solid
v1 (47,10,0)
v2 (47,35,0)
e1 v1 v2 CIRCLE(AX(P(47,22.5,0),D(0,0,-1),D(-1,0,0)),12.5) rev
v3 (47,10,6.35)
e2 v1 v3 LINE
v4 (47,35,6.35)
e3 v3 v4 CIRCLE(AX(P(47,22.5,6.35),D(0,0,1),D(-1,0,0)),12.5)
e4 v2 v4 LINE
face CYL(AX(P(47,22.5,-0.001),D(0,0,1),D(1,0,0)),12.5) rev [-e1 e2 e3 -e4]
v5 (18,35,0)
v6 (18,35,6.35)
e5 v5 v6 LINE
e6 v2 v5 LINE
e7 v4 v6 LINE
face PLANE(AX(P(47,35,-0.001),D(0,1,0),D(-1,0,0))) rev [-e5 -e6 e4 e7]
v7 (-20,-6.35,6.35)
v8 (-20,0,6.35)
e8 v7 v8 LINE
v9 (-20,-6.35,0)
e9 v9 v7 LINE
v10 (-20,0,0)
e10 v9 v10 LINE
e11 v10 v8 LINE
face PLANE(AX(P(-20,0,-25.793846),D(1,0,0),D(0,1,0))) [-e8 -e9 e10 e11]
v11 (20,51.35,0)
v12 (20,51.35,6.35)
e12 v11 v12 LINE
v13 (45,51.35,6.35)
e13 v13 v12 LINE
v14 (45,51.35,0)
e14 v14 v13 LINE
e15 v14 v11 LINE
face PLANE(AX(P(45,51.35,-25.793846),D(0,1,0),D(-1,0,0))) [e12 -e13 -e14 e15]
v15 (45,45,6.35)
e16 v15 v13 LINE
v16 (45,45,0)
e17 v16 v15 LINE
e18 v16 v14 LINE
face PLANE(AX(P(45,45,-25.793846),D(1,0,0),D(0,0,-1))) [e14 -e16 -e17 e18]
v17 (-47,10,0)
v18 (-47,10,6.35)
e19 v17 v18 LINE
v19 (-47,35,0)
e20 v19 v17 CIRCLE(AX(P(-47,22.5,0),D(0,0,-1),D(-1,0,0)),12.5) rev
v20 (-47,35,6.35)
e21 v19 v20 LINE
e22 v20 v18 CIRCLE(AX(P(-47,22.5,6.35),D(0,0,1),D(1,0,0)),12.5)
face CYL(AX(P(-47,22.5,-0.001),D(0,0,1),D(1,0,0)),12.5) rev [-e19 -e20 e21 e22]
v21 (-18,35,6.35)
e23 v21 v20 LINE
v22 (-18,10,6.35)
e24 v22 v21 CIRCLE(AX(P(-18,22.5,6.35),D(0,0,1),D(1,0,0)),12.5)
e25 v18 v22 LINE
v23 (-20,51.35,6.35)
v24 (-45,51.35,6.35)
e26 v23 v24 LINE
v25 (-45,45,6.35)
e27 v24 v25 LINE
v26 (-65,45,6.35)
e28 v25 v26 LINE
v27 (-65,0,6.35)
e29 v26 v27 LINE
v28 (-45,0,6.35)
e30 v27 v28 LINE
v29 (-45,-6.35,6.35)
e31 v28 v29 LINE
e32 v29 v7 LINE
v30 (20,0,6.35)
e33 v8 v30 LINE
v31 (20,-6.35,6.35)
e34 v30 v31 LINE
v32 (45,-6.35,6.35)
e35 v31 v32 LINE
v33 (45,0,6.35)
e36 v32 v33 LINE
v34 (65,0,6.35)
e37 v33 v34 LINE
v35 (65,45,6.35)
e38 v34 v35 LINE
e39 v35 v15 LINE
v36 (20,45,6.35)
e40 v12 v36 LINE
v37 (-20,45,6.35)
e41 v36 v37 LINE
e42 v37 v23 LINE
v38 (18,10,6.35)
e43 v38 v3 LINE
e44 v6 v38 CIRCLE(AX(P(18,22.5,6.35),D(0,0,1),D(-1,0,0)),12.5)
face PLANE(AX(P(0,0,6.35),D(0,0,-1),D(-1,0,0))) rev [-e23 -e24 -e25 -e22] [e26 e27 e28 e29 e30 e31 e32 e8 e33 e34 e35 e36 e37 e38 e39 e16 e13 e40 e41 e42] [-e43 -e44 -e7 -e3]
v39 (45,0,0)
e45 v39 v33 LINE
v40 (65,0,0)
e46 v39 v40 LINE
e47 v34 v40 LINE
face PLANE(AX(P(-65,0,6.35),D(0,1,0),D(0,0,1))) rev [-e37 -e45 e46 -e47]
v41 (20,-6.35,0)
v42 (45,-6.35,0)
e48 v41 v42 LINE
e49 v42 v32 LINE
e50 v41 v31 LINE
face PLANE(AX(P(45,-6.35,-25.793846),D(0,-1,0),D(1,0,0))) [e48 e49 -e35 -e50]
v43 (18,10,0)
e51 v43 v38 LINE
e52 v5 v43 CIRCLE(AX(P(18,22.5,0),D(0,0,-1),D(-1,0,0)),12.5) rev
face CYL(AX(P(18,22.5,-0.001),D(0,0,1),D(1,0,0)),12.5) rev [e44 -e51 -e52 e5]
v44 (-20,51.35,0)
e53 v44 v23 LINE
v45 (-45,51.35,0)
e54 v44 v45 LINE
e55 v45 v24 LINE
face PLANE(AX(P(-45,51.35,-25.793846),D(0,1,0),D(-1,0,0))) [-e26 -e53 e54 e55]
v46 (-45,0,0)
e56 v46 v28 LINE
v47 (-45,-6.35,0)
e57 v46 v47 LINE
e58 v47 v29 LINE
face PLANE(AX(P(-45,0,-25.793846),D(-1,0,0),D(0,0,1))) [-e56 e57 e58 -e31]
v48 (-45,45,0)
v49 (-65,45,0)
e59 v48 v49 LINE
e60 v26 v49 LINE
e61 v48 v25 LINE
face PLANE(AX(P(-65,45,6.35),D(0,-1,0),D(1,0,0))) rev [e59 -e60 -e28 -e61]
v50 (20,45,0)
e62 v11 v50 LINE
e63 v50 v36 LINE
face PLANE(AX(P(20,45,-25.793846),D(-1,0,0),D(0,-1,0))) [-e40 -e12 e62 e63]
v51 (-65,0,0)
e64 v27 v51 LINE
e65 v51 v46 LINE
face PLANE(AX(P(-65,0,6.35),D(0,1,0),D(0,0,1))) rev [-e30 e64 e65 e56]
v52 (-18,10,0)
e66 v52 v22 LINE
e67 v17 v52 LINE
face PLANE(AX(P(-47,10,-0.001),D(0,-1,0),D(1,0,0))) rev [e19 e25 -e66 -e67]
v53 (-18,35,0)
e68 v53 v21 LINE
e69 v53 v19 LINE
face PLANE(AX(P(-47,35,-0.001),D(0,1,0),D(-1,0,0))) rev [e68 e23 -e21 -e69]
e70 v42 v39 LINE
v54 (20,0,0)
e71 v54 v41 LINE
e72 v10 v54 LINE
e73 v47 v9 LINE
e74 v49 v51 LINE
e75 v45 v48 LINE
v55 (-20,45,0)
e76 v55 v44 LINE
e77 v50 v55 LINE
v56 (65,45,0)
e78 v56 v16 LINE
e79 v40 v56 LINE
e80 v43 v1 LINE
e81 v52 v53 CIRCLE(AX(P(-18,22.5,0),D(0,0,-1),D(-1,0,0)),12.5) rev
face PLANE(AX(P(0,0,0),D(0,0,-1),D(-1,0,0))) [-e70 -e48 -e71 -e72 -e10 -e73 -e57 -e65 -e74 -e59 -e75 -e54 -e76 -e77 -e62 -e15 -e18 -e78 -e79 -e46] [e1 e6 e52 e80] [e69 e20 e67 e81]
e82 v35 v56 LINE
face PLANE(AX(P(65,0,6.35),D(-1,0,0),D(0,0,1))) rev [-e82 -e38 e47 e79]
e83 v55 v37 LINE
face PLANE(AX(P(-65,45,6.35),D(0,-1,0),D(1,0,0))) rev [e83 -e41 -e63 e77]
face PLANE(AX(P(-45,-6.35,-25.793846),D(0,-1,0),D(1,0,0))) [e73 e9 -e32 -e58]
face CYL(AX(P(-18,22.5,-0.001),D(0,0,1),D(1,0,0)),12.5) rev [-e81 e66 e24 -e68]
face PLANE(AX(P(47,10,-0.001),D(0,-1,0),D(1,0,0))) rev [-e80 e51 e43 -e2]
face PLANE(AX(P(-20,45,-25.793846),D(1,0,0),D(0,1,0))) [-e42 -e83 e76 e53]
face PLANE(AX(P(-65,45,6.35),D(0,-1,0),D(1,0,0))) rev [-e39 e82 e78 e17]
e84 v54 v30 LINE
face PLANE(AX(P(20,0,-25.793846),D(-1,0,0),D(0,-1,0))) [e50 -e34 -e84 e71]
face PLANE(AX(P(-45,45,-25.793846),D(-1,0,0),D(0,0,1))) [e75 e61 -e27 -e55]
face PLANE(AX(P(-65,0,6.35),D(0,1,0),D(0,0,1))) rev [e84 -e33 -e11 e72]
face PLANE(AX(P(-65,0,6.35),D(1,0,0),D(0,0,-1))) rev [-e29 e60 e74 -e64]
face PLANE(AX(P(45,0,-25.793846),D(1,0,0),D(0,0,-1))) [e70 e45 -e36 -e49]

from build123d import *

# Parameters (mm, degrees)
ESQUISSE1_W             = 130
ESQUISSE1_H             = 45
BOSS_EXTRU_1_DEPTH      = 6.35
ENL_V_MAT_EXTRU_1_REACH = 81.312
ESQUISSE3_W             = 25
ESQUISSE3_H             = 6.35
BOSS_EXTRU_2_DEPTH      = 6.35


with BuildPart() as part:
    # Esquisse1 → Boss.-Extru.1 (new body)
    with BuildSketch(Plane.XY):
        with Locations((0, 22.5)):
            Rectangle(ESQUISSE1_W, ESQUISSE1_H)
    extrude(amount=BOSS_EXTRU_1_DEPTH)

    # Esquisse2 → Enlèv. mat.-Extru.1 (cut, up to next)
    with BuildSketch(Plane.XY.offset(6.35), mode=Mode.PRIVATE) as enl_v_mat_extru_1_sk1:
        with BuildLine():
            Line((-47, 35), (-18, 35))
            ThreePointArc((-18, 35), (-5.5, 22.5), (-18, 10))
            Line((-18, 10), (-47, 10))
            ThreePointArc((-47, 10), (-59.5, 22.5), (-47, 35))
        make_face()
    enl_v_mat_extru_1_tool1 = extrude(enl_v_mat_extru_1_sk1.sketch, amount=-ENL_V_MAT_EXTRU_1_REACH, mode=Mode.PRIVATE) & part.part
    # Esquisse2 → Enlèv. mat.-Extru.1 (cut, up to next)
    with BuildSketch(Plane.XY.offset(6.35), mode=Mode.PRIVATE) as enl_v_mat_extru_1_sk2:
        with BuildLine():
            Line((47, 35), (18, 35))
            ThreePointArc((18, 35), (5.5, 22.5), (18, 10))
            Line((18, 10), (47, 10))
            ThreePointArc((47, 10), (59.5, 22.5), (47, 35))
        make_face()
    enl_v_mat_extru_1_tool2 = extrude(enl_v_mat_extru_1_sk2.sketch, amount=-ENL_V_MAT_EXTRU_1_REACH, mode=Mode.PRIVATE) & part.part
    add(enl_v_mat_extru_1_tool1.solids().sort_by_distance((-32.5, 22.5, 6.35))[0], mode=Mode.SUBTRACT)
    add(enl_v_mat_extru_1_tool2.solids().sort_by_distance((32.5, 22.5, 6.35))[0], mode=Mode.SUBTRACT)

    # Esquisse3 → Boss.-Extru.2 (add)
    with BuildSketch(Plane.XY.offset(6.35)):
        with Locations((-32.5, 48.175)):
            Rectangle(ESQUISSE3_W, ESQUISSE3_H)
        with Locations((-32.5, -3.175)):
            Rectangle(ESQUISSE3_W, ESQUISSE3_H)
        with Locations((32.5, 48.175)):
            Rectangle(ESQUISSE3_W, ESQUISSE3_H)
        with Locations((32.5, -3.175)):
            Rectangle(ESQUISSE3_W, ESQUISSE3_H)
    extrude(amount=-BOSS_EXTRU_2_DEPTH)


solid = part.part
